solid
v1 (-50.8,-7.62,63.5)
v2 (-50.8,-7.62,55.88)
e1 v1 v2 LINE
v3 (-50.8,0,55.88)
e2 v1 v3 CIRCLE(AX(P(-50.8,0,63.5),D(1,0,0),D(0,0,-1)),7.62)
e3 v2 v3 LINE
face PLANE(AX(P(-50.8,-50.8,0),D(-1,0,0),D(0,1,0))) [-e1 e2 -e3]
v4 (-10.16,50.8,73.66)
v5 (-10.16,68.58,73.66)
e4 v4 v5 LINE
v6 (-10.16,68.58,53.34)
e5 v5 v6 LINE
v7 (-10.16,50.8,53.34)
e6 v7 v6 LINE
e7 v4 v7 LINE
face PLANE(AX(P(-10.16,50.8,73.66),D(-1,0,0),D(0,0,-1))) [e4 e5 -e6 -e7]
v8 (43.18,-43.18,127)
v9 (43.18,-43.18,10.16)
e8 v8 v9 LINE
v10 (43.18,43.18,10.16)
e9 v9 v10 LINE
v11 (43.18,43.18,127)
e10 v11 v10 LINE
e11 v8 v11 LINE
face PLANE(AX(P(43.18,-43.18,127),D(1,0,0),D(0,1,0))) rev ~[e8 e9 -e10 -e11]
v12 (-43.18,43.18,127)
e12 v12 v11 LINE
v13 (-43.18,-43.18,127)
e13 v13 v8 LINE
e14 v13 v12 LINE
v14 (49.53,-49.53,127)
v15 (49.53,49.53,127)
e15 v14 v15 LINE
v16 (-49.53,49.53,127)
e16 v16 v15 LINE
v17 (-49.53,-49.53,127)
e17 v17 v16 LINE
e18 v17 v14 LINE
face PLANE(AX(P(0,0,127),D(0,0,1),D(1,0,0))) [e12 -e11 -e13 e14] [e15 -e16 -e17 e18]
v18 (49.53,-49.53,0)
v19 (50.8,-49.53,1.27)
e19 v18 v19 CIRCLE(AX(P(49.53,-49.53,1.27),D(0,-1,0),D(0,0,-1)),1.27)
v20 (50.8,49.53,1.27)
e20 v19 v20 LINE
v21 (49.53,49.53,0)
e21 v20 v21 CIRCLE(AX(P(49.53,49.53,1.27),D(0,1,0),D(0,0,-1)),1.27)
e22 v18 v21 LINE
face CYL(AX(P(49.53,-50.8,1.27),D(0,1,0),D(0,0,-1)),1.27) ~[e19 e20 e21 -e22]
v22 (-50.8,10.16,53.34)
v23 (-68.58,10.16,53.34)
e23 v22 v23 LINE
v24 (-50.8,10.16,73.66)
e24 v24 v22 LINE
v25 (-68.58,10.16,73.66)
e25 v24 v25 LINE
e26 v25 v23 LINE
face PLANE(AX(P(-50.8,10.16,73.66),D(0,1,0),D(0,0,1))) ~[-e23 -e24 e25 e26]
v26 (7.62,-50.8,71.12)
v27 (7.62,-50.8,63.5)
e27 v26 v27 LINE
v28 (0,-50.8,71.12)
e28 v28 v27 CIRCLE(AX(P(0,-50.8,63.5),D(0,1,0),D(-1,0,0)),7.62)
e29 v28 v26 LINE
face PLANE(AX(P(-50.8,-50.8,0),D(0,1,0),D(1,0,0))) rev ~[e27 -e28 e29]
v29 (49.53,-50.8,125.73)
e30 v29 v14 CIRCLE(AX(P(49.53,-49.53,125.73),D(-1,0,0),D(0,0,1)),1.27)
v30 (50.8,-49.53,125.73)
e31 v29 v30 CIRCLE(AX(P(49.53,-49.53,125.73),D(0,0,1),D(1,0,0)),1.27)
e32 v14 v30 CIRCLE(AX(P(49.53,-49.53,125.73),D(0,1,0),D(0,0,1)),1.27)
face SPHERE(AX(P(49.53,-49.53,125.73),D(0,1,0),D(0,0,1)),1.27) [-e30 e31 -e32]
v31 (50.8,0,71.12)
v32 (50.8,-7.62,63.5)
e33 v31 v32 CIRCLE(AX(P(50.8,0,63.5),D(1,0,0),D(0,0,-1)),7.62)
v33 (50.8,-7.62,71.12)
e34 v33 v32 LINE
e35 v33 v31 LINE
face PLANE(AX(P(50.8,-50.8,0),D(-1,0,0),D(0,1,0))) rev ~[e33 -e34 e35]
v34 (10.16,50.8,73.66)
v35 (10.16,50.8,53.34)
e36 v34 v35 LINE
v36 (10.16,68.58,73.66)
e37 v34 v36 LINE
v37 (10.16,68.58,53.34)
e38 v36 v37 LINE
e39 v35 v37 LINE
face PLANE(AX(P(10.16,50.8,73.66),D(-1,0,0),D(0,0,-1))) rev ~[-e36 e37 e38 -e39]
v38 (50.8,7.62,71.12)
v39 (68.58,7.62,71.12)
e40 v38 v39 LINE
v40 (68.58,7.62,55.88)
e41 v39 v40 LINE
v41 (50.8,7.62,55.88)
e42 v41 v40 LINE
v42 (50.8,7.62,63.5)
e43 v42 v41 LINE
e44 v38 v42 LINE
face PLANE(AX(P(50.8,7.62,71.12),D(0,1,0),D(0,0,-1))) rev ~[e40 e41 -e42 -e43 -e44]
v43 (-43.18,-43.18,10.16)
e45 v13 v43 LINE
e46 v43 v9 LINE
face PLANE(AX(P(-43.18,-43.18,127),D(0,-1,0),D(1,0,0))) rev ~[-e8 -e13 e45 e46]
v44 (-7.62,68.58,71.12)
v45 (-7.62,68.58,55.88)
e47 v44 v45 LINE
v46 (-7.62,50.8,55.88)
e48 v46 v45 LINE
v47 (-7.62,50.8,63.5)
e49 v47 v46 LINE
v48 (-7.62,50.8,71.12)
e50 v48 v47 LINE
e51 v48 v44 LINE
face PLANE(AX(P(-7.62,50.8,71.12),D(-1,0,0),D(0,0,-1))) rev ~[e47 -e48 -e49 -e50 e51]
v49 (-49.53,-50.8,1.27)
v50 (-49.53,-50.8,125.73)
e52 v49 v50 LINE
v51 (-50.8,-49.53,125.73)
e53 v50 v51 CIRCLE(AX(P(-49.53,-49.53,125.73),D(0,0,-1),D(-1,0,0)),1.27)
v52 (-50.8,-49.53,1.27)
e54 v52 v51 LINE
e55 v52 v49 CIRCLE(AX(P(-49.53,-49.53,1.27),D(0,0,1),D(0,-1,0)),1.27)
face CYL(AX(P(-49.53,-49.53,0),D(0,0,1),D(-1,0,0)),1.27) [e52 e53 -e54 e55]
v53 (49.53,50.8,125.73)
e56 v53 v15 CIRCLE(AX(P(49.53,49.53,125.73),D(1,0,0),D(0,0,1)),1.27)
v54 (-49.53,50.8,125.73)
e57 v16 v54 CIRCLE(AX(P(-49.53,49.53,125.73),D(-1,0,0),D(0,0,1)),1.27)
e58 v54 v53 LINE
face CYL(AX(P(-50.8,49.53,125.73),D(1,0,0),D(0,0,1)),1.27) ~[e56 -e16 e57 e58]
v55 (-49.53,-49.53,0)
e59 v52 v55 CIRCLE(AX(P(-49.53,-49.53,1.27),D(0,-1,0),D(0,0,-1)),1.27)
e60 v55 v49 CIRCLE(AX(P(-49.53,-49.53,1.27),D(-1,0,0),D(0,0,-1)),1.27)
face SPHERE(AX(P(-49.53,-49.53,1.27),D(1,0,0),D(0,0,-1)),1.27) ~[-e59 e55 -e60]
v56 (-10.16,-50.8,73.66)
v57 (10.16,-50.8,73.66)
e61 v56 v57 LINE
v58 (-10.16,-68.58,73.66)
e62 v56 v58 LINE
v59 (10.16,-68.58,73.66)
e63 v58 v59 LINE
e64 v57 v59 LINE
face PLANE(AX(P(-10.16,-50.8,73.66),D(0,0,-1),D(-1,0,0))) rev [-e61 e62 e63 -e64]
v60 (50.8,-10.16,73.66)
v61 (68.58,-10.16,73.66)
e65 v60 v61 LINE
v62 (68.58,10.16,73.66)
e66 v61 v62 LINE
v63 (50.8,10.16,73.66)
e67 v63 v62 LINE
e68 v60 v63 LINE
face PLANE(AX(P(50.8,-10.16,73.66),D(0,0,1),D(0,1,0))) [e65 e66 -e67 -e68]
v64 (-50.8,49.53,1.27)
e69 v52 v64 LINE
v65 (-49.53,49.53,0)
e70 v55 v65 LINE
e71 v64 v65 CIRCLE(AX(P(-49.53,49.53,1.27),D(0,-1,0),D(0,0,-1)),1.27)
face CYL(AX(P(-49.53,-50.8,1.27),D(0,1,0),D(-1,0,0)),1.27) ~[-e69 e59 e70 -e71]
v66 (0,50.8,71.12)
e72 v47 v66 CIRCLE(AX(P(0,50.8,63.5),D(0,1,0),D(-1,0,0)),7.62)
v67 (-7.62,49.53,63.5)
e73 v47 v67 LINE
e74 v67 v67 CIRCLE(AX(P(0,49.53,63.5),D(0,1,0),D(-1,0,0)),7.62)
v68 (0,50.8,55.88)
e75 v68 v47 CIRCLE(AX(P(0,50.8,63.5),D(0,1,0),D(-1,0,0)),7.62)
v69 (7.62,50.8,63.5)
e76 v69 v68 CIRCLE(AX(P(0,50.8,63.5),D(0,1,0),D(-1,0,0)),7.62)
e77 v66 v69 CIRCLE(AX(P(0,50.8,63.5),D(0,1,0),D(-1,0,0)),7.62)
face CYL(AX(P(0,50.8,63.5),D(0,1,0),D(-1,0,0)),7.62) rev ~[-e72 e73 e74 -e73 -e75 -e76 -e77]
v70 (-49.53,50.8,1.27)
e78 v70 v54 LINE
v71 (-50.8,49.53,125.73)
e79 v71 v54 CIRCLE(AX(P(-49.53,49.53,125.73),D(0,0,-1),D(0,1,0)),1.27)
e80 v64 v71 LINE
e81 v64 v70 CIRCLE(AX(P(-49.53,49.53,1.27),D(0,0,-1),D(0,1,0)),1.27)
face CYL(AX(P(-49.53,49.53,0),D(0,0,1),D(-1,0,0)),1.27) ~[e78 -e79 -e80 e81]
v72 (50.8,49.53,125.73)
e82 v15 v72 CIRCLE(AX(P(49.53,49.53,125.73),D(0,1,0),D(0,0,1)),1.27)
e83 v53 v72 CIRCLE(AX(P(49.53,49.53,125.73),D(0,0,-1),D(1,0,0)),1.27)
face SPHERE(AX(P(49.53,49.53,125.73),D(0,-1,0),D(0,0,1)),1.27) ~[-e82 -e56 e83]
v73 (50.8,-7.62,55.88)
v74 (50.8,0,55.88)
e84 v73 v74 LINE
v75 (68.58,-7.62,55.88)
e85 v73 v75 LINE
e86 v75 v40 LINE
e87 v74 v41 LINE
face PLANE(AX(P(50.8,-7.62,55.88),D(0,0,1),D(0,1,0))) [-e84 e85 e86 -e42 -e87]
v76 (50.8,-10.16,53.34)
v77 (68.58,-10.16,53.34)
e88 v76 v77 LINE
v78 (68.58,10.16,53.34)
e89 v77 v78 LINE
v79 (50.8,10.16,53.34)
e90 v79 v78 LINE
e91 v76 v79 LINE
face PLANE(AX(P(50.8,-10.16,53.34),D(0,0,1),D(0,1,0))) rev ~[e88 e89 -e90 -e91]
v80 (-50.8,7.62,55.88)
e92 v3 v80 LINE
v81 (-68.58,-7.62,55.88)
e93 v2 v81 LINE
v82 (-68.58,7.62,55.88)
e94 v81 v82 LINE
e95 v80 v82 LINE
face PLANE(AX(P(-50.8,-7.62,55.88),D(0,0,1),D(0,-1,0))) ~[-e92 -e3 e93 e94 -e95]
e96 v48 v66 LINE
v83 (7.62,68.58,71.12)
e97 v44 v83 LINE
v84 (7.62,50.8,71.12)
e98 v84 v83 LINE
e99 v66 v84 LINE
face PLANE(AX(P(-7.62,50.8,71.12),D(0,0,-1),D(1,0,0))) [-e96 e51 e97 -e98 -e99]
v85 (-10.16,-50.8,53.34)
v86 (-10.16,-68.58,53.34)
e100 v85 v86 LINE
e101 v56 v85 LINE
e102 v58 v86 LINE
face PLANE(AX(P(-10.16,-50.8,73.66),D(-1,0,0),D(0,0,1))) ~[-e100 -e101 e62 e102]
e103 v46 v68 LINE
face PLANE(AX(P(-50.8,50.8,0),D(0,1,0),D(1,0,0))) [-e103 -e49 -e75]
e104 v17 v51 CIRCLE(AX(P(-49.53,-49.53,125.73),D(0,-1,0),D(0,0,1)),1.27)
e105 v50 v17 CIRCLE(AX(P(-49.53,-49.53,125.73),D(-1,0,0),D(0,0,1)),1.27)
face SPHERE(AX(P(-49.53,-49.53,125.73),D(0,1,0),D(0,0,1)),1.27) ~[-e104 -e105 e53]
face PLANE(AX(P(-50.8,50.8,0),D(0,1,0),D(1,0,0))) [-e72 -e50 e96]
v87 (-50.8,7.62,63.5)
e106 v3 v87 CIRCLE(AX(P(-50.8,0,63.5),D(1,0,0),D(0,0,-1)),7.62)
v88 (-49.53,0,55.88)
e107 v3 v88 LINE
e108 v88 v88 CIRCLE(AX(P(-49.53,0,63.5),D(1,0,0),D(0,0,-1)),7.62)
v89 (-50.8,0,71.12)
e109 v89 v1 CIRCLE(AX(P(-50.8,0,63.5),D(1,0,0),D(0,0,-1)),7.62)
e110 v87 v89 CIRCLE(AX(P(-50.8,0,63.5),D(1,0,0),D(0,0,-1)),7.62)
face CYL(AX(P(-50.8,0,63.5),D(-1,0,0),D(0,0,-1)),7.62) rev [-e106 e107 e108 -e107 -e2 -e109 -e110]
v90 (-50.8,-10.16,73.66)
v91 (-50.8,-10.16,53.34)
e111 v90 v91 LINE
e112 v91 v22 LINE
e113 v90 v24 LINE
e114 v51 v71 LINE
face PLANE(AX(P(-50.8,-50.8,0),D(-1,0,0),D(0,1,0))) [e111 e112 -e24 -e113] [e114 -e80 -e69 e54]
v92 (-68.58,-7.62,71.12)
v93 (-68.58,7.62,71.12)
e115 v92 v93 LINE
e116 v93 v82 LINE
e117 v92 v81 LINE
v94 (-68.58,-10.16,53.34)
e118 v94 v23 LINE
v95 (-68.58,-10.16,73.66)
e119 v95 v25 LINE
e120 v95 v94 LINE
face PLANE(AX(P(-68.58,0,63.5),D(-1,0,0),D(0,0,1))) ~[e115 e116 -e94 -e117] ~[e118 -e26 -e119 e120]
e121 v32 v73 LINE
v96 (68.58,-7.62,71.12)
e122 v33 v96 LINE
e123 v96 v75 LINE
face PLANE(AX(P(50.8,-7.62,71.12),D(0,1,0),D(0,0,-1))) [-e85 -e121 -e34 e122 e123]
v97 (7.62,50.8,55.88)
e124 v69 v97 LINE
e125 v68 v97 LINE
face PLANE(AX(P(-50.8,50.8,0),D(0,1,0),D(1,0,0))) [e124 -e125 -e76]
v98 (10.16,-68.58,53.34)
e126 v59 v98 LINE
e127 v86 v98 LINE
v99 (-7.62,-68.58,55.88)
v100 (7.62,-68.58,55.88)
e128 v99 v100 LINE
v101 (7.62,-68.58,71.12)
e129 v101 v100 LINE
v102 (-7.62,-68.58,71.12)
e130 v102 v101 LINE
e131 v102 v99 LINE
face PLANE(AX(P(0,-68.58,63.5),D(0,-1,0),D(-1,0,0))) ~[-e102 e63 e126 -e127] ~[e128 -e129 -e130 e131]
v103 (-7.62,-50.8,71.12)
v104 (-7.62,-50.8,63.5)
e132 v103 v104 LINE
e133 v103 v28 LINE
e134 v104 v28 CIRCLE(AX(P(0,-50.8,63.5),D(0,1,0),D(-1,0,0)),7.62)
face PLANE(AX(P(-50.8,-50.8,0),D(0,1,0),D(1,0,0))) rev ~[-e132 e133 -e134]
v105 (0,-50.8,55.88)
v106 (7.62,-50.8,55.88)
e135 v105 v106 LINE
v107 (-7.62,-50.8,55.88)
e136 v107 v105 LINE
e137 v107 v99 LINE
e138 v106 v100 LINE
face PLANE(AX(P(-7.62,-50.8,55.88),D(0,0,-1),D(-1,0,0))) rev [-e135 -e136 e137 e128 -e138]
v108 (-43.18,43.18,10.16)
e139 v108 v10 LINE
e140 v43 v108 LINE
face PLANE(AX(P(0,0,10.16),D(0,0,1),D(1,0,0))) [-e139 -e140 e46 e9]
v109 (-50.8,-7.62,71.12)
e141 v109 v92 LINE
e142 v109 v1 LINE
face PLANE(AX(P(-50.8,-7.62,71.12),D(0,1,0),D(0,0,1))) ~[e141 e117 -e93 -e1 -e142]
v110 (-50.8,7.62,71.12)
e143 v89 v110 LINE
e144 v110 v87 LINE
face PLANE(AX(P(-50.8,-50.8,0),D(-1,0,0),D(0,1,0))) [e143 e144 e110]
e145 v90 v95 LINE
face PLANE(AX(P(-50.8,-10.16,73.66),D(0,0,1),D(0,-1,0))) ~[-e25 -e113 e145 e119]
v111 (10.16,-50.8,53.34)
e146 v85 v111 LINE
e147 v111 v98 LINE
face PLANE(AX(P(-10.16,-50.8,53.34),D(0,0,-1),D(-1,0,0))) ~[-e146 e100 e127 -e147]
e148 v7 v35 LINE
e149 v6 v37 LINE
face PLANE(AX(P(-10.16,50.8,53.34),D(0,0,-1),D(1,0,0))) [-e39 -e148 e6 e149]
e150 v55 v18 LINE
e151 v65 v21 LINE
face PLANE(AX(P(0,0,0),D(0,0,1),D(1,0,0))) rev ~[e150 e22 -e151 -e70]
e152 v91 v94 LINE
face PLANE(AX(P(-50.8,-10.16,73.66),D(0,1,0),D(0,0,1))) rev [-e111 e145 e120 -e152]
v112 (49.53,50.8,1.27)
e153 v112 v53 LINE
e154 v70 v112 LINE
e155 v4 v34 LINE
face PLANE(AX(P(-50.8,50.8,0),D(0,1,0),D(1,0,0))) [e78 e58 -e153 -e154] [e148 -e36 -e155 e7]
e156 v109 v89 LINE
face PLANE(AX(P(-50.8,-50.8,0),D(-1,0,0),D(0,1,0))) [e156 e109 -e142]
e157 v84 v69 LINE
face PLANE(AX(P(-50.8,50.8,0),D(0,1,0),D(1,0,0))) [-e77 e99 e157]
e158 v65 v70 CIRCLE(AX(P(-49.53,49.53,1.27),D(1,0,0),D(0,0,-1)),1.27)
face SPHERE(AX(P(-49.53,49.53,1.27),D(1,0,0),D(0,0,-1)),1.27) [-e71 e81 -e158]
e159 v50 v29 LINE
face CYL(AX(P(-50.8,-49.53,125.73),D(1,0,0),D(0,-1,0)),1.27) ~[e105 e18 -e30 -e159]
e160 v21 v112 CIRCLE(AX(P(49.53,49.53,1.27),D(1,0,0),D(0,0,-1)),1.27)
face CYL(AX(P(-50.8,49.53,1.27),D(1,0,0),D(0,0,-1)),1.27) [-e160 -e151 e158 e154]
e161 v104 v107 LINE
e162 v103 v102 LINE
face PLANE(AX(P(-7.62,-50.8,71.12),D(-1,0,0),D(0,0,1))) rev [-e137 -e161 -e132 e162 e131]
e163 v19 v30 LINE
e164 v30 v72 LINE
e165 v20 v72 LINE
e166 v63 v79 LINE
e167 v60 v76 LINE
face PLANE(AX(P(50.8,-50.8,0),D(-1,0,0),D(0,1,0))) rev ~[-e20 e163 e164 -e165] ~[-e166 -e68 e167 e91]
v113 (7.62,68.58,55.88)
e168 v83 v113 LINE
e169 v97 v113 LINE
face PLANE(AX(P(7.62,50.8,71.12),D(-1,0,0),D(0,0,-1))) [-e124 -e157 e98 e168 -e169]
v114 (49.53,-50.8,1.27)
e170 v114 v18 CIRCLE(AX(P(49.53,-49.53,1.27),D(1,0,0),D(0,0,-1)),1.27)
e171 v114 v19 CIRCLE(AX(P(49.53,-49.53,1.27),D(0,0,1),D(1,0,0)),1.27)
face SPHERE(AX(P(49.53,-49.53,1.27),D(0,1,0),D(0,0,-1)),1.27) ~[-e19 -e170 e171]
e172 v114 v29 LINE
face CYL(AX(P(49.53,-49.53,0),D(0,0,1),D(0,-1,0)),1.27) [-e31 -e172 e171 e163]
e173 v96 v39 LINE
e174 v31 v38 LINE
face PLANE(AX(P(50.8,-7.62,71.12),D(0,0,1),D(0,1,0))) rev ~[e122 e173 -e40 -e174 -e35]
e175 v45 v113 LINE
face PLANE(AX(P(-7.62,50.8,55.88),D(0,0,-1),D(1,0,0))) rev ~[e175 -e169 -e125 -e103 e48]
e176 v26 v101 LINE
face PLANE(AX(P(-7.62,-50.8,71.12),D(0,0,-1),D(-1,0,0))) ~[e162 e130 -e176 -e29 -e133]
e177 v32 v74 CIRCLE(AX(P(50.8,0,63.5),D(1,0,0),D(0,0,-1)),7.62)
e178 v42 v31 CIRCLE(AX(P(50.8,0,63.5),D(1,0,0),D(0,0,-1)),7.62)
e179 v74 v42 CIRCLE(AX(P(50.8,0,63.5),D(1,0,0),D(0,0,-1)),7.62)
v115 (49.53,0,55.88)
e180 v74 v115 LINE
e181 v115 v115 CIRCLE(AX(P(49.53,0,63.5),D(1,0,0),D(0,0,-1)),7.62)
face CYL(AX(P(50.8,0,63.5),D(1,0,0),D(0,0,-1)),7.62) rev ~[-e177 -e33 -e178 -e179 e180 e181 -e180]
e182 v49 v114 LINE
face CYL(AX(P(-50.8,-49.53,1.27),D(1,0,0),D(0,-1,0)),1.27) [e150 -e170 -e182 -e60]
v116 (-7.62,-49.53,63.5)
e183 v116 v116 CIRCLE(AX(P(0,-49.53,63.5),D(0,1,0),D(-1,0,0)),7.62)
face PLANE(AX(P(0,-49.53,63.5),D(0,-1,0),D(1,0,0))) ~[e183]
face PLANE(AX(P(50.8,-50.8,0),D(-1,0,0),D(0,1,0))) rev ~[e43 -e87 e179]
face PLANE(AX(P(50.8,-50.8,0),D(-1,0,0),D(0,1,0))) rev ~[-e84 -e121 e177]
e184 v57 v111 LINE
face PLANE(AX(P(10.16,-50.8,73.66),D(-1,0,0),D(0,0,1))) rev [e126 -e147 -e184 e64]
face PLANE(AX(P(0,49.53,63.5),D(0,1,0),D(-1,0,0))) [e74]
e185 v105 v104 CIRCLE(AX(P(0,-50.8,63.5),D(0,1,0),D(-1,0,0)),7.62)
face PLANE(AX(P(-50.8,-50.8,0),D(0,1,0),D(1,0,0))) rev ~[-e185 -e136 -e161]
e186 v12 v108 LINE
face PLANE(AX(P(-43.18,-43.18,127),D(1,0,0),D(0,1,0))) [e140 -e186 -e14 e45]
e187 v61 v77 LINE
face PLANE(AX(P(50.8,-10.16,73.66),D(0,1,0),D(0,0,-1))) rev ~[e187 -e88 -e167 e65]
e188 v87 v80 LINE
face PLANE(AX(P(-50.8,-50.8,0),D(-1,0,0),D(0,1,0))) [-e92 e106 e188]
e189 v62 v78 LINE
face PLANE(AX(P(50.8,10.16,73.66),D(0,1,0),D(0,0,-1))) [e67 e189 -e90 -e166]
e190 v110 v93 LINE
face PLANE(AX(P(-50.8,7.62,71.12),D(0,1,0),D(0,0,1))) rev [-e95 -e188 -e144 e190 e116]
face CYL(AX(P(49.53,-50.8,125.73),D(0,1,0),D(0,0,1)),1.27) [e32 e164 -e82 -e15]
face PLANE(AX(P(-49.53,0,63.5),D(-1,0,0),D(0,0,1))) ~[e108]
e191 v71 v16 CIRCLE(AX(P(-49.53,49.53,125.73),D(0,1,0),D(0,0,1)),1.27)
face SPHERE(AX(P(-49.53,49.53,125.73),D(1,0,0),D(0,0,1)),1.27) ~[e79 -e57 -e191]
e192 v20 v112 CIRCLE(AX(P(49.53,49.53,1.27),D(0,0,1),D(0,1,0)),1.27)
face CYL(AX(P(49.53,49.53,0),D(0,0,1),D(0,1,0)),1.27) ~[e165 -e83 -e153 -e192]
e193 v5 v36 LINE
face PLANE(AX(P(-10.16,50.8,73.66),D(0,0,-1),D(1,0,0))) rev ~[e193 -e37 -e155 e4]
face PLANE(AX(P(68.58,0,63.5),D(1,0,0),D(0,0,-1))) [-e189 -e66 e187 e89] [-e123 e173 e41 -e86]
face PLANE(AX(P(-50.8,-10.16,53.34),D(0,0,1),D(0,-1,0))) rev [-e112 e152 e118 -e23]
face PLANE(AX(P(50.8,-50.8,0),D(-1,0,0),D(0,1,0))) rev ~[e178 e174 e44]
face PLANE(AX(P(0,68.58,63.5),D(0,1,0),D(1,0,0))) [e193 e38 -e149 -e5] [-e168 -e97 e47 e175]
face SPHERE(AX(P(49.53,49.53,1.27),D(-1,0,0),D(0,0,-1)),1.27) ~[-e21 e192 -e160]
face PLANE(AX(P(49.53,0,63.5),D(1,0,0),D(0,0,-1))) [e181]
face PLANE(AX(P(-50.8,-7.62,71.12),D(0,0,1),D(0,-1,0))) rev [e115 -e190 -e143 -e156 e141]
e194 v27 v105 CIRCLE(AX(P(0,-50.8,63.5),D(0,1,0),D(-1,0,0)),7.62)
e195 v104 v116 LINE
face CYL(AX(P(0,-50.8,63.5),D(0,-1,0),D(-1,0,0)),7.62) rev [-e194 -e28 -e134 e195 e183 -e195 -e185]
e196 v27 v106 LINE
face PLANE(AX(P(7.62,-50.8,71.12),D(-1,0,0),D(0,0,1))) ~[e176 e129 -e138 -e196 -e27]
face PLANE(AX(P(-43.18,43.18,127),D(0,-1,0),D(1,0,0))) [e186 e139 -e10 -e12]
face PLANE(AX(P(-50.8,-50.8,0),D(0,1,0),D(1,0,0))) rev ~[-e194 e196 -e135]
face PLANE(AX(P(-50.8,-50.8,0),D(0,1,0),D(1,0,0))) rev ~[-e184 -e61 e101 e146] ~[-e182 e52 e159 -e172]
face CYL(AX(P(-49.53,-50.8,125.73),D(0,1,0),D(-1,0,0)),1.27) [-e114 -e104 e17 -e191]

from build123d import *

# Parameters (mm, degrees)
SKETCH1_W           = 101.6
SKETCH1_H           = 101.6
BOSS_EXTRUDE1_DEPTH = 127
SKETCH2_W           = 86.36
SKETCH2_H           = 86.36
CUT_EXTRUDE1_DEPTH  = 116.84
SKETCH4_W           = 20.32
SKETCH4_H           = 20.32
SKETCH4_W_2         = 15.24
SKETCH4_H_2         = 15.24
BOSS_EXTRUDE2_DEPTH = 17.78
SKETCH6_R           = 7.62
CUT_EXTRUDE2_DEPTH  = 1.27
SKETCH7_W           = 20.32
SKETCH7_H           = 20.32
SKETCH7_W_2         = 15.24
SKETCH7_H_2         = 15.24
BOSS_EXTRUDE3_DEPTH = 17.78
SKETCH9_R           = 7.62
CUT_EXTRUDE3_DEPTH  = 1.27
FILLET1_R           = 1.27


with BuildPart() as part:
    # Sketch1 → Boss-Extrude1 (new body)
    with BuildSketch(Plane.XY):
        Rectangle(SKETCH1_W, SKETCH1_H)
    extrude(amount=BOSS_EXTRUDE1_DEPTH)

    # Sketch2 → Cut-Extrude1 (cut)
    with BuildSketch(Plane.XY.offset(127)):
        Rectangle(SKETCH2_W, SKETCH2_H)
    extrude(amount=-CUT_EXTRUDE1_DEPTH, mode=Mode.SUBTRACT)

    # Sketch4 → Boss-Extrude2 (add)
    with BuildSketch(Plane(origin=(0, 50.8, 0), x_dir=(1, 0, 0), z_dir=(0, 1, 0))):
        with Locations((0, -63.5)):
            Rectangle(SKETCH4_W, SKETCH4_H)
        with Locations((0, -63.5)):
            Rectangle(SKETCH4_W_2, SKETCH4_H_2, mode=Mode.SUBTRACT)
    boss_extrude2 = extrude(amount=BOSS_EXTRUDE2_DEPTH)

    # Sketch6 → Cut-Extrude2 (cut)
    with BuildSketch(Plane(origin=(0, 50.8, 0), x_dir=(1, 0, 0), z_dir=(0, 1, 0))):
        with Locations(Location((0, -63.5, 0), (0, 0, 180))):
            Circle(SKETCH6_R)
    cut_extrude2 = extrude(amount=-CUT_EXTRUDE2_DEPTH, mode=Mode.SUBTRACT)

    # Mirror1: Boss-Extrude2, Cut-Extrude2 across plane
    add(boss_extrude2.mirror(Plane.ZX))
    add(cut_extrude2.mirror(Plane.ZX), mode=Mode.SUBTRACT)

    # Sketch7 → Boss-Extrude3 (add)
    with BuildSketch(Plane(origin=(50.8, 0, 0), x_dir=(0, 0, -1), z_dir=(1, 0, 0))):
        with Locations((-63.5, 0)):
            Rectangle(SKETCH7_W, SKETCH7_H)
        with Locations((-63.5, 0)):
            Rectangle(SKETCH7_W_2, SKETCH7_H_2, mode=Mode.SUBTRACT)
    boss_extrude3 = extrude(amount=BOSS_EXTRUDE3_DEPTH)

    # Sketch9 → Cut-Extrude3 (cut)
    with BuildSketch(Plane(origin=(50.8, 0, 0), x_dir=(0, 0, -1), z_dir=(1, 0, 0))):
        with Locations((-63.5, 0)):
            Circle(SKETCH9_R)
    cut_extrude3 = extrude(amount=-CUT_EXTRUDE3_DEPTH, mode=Mode.SUBTRACT)

    # Mirror2: Boss-Extrude3, Cut-Extrude3 across plane
    add(boss_extrude3.mirror(Plane(origin=(0, 0, 0), x_dir=(0, 0, 1), z_dir=(1, 0, 0))))
    add(cut_extrude3.mirror(Plane(origin=(0, 0, 0), x_dir=(0, 0, 1), z_dir=(1, 0, 0))), mode=Mode.SUBTRACT)

    # Fillet1
    fillet1_edges = [part.edges().sort_by_distance(p)[0] for p in [
        (50.8, 0, 127),
        (0, 50.8, 127),
        (-50.8, 0, 127),
        (0, 50.8, 0),
        (50.8, 0, 0),
        (0, -50.8, 0),
        (-50.8, 0, 0),
        (0, -50.8, 127),
        (-50.8, 50.8, 63.5),
        (50.8, 50.8, 63.5),
        (50.8, -50.8, 63.5),
        (-50.8, -50.8, 63.5),
    ]]
    fillet(fillet1_edges, radius=FILLET1_R)


solid = part.part
